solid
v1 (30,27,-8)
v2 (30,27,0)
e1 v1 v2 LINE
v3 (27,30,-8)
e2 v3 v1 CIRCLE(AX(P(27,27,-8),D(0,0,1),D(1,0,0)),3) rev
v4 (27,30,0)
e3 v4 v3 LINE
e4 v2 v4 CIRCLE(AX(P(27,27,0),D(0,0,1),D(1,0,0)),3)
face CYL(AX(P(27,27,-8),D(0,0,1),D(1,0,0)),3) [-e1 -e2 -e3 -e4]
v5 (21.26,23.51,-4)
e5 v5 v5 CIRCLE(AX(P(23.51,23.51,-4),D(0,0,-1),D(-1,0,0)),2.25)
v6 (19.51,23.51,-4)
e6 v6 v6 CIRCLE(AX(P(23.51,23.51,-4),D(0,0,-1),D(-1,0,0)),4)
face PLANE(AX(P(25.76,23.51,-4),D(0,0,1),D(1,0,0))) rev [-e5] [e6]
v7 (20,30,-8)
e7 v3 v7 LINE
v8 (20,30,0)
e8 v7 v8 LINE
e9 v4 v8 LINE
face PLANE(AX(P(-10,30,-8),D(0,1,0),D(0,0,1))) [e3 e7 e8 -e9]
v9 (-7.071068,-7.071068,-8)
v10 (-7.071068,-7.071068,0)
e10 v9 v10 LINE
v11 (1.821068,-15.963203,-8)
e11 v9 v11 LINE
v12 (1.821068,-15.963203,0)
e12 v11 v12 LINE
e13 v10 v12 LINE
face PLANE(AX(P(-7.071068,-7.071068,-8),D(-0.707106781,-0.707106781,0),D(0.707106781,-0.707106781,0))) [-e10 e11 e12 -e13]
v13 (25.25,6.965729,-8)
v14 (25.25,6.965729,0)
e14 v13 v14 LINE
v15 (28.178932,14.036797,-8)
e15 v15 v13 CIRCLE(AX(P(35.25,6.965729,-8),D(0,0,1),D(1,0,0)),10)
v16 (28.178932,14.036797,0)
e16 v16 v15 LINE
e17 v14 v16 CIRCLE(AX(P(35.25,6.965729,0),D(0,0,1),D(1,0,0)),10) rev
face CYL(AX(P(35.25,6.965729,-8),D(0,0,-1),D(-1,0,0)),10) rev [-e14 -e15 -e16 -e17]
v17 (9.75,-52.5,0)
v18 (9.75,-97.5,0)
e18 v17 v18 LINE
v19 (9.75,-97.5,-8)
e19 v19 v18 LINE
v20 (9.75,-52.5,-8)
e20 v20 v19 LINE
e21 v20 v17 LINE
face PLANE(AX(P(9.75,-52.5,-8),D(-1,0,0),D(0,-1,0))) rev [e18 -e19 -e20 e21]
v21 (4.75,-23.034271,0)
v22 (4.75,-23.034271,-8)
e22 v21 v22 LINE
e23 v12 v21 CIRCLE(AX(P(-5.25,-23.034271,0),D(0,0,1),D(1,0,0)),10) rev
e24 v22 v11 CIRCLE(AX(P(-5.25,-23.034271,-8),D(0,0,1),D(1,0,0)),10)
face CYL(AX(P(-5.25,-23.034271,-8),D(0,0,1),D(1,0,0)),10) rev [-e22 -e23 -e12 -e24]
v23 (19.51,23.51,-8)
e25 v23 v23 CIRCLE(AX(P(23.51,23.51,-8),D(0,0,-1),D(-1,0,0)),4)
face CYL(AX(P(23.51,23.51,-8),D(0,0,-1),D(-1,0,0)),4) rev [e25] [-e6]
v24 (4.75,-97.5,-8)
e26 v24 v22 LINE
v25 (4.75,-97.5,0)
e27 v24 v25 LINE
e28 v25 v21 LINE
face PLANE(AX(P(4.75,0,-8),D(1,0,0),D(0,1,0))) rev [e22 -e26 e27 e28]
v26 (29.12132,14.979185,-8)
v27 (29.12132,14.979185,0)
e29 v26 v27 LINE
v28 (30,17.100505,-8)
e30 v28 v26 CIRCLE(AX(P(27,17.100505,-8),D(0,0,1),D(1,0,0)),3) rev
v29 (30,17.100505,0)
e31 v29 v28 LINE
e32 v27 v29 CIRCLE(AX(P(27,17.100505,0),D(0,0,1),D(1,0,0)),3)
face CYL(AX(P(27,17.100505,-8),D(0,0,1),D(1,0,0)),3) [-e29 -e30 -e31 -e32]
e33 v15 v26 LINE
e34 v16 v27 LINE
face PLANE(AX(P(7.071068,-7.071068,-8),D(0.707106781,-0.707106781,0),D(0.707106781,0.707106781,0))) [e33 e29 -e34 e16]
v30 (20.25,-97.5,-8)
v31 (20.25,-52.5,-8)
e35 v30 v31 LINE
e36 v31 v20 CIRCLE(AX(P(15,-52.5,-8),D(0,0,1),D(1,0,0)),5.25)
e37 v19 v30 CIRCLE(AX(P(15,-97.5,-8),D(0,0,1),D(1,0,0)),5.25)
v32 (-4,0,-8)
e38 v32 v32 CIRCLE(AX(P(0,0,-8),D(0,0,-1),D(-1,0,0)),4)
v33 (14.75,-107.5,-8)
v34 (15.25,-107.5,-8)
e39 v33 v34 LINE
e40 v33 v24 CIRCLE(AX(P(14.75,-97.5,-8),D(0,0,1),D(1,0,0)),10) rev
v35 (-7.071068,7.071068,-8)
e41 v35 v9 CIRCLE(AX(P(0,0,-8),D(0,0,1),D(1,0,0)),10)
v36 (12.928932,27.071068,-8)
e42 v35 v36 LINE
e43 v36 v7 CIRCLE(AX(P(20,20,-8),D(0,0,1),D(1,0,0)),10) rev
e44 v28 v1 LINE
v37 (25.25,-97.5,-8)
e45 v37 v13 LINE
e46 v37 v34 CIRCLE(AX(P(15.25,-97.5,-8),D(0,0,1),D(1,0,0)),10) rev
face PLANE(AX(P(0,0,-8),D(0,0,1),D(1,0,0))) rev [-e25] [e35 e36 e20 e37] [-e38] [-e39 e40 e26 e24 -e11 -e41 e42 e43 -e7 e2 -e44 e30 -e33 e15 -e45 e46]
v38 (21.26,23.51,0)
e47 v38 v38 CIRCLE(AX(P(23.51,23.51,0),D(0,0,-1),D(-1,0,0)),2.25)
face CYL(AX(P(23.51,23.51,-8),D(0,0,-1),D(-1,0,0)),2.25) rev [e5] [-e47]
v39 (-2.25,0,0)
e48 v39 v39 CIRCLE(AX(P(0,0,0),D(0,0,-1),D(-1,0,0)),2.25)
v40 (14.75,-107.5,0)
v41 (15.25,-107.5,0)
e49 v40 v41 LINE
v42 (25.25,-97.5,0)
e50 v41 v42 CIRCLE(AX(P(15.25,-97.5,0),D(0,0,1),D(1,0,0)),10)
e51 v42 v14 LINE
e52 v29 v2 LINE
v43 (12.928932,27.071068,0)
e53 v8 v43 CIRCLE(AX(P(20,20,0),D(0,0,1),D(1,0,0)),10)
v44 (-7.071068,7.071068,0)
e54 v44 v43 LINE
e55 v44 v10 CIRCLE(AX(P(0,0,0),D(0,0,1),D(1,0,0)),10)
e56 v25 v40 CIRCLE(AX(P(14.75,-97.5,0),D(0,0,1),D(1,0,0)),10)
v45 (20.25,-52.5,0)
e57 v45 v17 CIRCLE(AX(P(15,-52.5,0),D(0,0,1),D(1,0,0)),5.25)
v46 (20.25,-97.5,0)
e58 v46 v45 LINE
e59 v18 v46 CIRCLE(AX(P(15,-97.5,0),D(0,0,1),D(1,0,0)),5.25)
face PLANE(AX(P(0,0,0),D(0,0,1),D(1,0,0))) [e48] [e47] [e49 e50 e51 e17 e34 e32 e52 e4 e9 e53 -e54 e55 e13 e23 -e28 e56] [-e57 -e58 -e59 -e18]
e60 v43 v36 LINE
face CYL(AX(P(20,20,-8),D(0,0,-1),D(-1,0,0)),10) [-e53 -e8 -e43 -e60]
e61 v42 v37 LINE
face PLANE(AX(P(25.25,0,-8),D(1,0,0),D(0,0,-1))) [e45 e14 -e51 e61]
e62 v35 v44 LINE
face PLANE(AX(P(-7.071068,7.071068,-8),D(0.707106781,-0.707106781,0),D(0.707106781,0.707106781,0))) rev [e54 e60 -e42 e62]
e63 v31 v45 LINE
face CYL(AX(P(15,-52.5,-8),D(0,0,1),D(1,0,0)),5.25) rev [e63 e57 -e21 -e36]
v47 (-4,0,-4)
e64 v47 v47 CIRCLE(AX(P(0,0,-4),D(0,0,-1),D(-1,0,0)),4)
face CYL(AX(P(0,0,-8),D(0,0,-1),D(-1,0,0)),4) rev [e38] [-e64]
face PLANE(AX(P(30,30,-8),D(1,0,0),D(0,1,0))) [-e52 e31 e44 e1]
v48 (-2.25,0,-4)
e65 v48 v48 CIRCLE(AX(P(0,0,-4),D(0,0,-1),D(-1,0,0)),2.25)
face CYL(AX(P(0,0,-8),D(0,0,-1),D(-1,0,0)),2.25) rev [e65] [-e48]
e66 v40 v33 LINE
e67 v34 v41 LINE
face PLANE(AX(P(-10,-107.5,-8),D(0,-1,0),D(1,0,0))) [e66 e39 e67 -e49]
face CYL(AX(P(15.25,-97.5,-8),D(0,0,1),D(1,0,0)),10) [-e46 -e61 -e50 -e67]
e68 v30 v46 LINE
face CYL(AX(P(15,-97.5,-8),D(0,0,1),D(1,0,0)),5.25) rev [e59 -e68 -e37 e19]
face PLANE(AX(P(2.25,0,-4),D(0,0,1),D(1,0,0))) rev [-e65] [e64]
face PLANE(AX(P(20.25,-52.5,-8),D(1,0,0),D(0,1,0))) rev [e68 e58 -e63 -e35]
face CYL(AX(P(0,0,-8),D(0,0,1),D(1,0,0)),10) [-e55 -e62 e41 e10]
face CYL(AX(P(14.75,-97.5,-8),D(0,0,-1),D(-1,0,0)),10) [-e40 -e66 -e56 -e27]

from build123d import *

# Parameters (mm, degrees)
SKETCH1_W                      = 40
SKETCH1_H                      = 137.5
BOSS_EXTRUDE1_DEPTH            = 8
CBORE_FOR_M4_SHCS1_D           = 4.5
CBORE_FOR_M4_SHCS1_CBORE_D     = 8
CBORE_FOR_M4_SHCS1_CBORE_DEPTH = 4
CUT_EXTRUDE1_DEPTH             = 112.893922981
FILLET1_R                      = 10
FILLET2_R                      = 3


with BuildPart() as part:
    # Sketch1 → Boss-Extrude1 (new body)
    with BuildSketch(Plane.XY):
        with Locations((10, -38.75)):
            Rectangle(SKETCH1_W, SKETCH1_H)
        with BuildLine():
            Line((20.25, -52.5), (20.25, -97.5))
            ThreePointArc((20.25, -97.5), (15, -102.75), (9.75, -97.5))
            Line((9.75, -97.5), (9.75, -52.5))
            ThreePointArc((9.75, -52.5), (15, -47.25), (20.25, -52.5))
        make_face(mode=Mode.SUBTRACT)
    extrude(amount=-BOSS_EXTRUDE1_DEPTH)

    # CBORE for M4 SHCS1 (through all)
    with Locations(Plane(origin=(0, 0, -8), x_dir=(1, 0, 0), z_dir=(0, 0, -1))):
        with Locations((0, 0), (23.51, -23.51)):
            CounterBoreHole(CBORE_FOR_M4_SHCS1_D / 2, CBORE_FOR_M4_SHCS1_CBORE_D / 2, CBORE_FOR_M4_SHCS1_CBORE_DEPTH)

    # Sketch6 → Cut-Extrude1 (cut, through all)
    with BuildSketch(Plane.XY):
        with BuildLine():
            Line((-10, -107.5), (4.75, -107.5))
            Line((4.75, -107.5), (4.75, -18.892135624))
            Line((4.75, -18.892135624), (-7.071067812, -7.071067812))
            ThreePointArc((-7.071067812, -7.071067812), (-9.238795322, -3.826834332), (-10, -1.8e-08))
            Line((-10, -1.8e-08), (-10, -107.5))
        make_face()
        with BuildLine():
            Line((-10, 30), (-10, -1.8e-08))
            ThreePointArc((-10, -1.8e-08), (-9.238795329, 3.826834315), (-7.071067812, 7.071067812))
            Line((-7.071067812, 7.071067812), (15.857864376, 30))
            Line((15.857864376, 30), (-10, 30))
        make_face()
        Polygon((25.25, 11.107864376), (25.25, -107.5), (30, -107.5), (30, 15.857864376), align=None)
    extrude(amount=-CUT_EXTRUDE1_DEPTH, mode=Mode.SUBTRACT)

    # Fillet1
    fillet1_edges = [part.edges().sort_by_distance(p)[0] for p in [
        (4.75, -18.892135624, -4),
        (4.75, -107.5, -4),
        (15.857864376, 30, -4),
        (25.25, 11.107864376, -4),
        (25.25, -107.5, -4),
    ]]
    fillet(fillet1_edges, radius=FILLET1_R)

    # Fillet2
    fillet2_edges = [part.edges().sort_by_distance(p)[0] for p in [
        (30, 15.857864376, -4),
        (30, 30, -4),
    ]]
    fillet(fillet2_edges, radius=FILLET2_R)


solid = part.part
